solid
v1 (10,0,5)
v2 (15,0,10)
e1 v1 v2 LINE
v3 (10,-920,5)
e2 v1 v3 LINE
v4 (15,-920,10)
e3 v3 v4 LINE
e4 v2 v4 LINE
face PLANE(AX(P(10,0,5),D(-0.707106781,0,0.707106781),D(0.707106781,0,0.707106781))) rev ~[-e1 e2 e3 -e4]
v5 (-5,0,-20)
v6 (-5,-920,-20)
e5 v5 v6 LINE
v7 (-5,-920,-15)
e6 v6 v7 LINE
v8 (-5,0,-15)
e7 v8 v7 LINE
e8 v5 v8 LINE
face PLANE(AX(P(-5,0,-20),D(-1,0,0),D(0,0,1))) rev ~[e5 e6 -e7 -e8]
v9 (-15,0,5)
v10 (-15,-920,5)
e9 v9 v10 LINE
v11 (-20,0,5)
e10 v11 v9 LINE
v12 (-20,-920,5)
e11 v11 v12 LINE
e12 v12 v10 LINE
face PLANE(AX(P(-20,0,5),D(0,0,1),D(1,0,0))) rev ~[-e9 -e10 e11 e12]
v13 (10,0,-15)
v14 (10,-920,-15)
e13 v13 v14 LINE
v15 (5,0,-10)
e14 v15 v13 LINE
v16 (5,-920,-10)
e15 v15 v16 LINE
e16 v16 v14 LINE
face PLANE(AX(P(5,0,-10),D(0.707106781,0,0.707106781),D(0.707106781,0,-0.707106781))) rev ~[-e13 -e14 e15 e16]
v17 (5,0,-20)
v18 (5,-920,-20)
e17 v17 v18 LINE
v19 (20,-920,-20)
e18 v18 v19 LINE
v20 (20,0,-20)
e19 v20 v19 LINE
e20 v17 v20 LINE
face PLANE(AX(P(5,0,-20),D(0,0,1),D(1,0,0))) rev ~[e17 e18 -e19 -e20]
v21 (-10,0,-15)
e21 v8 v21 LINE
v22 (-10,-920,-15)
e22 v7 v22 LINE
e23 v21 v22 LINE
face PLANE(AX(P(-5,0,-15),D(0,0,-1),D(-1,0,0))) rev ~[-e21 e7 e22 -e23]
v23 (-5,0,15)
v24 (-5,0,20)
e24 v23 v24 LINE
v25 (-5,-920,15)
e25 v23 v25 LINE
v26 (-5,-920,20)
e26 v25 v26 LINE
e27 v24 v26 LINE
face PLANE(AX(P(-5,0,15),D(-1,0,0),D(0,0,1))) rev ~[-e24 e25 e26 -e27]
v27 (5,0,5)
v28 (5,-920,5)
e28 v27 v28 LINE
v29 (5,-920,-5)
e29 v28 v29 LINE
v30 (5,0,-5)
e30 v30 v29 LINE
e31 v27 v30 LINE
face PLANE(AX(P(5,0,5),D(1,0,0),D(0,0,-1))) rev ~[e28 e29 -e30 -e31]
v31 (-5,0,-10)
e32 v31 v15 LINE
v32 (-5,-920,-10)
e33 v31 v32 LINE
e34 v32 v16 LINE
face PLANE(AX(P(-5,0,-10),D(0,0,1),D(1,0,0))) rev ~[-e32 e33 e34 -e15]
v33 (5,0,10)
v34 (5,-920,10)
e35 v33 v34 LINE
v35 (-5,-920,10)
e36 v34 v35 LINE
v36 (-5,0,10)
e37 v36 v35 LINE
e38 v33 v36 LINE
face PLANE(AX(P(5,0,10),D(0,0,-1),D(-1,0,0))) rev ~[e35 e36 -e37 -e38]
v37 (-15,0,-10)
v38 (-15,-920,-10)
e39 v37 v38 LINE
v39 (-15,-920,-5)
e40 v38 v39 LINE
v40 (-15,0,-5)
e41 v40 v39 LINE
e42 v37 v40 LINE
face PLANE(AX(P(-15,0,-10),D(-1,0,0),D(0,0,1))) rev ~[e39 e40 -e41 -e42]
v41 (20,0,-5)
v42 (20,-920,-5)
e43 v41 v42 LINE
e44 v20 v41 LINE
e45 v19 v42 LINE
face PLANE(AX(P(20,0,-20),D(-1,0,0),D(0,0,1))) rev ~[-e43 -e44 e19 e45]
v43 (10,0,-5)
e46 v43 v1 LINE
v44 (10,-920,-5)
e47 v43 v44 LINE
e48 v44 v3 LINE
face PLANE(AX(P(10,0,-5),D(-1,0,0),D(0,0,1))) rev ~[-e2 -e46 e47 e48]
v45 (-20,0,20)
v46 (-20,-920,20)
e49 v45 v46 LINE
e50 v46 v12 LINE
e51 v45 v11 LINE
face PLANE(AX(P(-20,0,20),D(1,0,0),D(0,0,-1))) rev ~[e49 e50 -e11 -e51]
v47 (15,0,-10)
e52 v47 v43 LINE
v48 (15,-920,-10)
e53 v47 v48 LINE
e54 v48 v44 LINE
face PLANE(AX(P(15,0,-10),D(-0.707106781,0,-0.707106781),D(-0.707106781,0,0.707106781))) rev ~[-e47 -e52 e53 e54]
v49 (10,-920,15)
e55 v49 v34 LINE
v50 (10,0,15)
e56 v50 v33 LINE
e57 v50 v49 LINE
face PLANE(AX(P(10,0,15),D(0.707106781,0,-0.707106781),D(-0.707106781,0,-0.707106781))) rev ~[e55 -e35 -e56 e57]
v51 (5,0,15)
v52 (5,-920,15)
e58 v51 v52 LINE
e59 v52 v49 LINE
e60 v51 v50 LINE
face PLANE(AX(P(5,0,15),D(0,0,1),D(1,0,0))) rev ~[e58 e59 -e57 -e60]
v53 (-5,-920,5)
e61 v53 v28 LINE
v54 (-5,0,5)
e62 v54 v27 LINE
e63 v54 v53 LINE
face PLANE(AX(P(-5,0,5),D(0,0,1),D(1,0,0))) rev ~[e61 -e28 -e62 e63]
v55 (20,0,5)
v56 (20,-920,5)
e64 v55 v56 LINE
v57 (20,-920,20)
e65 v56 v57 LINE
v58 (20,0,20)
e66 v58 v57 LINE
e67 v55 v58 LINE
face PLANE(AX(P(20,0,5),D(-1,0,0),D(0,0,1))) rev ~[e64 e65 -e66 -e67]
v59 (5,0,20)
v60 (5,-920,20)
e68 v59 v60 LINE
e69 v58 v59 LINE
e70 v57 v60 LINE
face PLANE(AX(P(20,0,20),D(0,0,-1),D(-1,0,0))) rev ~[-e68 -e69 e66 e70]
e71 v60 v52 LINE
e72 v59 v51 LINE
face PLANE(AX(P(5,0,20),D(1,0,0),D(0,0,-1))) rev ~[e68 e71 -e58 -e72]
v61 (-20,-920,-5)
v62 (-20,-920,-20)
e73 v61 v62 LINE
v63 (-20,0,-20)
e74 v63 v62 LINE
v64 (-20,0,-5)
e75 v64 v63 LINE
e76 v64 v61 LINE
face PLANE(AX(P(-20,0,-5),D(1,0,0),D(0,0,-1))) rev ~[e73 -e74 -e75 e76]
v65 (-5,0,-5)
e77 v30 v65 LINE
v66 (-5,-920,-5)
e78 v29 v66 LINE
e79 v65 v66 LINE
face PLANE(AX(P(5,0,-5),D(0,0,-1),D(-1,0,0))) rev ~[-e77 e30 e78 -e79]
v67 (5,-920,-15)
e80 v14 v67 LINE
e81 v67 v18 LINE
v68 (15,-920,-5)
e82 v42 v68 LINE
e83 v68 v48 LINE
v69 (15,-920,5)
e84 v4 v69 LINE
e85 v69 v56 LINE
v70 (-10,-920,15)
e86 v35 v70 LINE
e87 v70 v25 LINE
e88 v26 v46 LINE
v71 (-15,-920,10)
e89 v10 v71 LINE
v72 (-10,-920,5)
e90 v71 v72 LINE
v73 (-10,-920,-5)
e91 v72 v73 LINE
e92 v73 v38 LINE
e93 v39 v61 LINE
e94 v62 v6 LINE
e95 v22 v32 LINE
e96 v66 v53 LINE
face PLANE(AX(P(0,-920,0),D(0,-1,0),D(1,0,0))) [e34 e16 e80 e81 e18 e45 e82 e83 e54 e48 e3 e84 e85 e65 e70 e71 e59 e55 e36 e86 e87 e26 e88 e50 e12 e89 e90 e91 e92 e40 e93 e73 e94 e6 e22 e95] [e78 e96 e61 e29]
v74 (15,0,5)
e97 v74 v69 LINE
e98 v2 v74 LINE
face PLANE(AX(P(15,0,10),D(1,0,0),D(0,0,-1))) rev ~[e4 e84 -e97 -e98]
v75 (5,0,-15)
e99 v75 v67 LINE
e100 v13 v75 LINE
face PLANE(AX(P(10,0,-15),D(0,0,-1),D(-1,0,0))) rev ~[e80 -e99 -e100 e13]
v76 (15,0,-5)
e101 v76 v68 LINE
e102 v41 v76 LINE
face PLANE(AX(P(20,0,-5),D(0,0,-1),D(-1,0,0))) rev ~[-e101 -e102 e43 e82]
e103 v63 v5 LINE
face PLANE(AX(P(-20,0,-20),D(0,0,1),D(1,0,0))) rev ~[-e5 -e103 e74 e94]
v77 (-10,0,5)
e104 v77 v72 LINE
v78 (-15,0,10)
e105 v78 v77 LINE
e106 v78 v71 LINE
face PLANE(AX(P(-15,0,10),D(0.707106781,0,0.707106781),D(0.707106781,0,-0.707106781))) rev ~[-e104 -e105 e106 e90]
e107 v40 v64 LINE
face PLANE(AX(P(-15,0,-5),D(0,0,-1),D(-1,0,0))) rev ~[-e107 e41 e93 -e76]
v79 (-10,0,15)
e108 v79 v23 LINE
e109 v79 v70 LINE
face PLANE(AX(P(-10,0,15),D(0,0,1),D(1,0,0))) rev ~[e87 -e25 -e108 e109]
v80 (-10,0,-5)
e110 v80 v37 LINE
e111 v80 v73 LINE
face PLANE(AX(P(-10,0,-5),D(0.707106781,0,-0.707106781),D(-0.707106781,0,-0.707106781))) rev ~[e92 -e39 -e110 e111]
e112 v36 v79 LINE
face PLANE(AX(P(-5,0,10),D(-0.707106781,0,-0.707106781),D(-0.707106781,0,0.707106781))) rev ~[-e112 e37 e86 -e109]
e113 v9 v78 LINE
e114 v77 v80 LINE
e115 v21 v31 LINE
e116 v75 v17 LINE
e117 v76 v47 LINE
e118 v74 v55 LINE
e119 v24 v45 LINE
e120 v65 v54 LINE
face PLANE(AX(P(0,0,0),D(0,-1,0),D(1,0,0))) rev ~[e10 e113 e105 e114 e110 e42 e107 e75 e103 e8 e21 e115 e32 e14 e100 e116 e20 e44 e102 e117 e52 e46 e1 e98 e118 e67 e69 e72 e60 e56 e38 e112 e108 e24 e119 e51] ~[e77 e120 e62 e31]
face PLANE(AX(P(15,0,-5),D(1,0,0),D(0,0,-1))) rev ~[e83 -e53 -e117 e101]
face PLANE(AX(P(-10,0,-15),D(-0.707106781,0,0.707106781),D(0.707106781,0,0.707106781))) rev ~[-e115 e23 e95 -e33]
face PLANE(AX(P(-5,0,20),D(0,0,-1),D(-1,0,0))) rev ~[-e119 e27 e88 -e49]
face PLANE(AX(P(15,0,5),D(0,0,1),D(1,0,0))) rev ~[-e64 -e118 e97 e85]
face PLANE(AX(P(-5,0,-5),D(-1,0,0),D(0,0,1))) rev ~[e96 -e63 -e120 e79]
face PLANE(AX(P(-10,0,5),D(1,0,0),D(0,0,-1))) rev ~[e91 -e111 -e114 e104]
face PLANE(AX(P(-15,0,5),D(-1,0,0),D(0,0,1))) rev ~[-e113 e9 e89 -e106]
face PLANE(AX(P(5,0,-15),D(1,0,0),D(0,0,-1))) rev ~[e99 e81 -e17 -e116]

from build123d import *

# Parameters (mm, degrees)
F1_DEPTH = 920


with BuildPart() as f1:
    # F0 (on Front) → F1 (new body)
    with BuildSketch(Plane.XZ):
        Polygon((20, 5), (20, 20), (5, 20), (5, 15), (10, 15), (5, 10), (-5, 10), (-10, 15), (-5, 15), (-5, 20), (-20, 20), (-20, 5), (-15, 5), (-15, 10), (-10, 5), (-10, -5), (-15, -10), (-15, -5), (-20, -5), (-20, -20), (-5, -20), (-5, -15), (-10, -15), (-5, -10), (5, -10), (10, -15), (5, -15), (5, -20), (20, -20), (20, -5), (15, -5), (15, -10), (10, -5), (10, 5), (15, 10), (15, 5), align=None)
        Polygon((-5, 0), (-5, 5), (0, 5), (5, 5), (5, 0), (5, -5), (0, -5), (-5, -5), align=None, mode=Mode.SUBTRACT)
    extrude(amount=F1_DEPTH)


solid = f1.part
